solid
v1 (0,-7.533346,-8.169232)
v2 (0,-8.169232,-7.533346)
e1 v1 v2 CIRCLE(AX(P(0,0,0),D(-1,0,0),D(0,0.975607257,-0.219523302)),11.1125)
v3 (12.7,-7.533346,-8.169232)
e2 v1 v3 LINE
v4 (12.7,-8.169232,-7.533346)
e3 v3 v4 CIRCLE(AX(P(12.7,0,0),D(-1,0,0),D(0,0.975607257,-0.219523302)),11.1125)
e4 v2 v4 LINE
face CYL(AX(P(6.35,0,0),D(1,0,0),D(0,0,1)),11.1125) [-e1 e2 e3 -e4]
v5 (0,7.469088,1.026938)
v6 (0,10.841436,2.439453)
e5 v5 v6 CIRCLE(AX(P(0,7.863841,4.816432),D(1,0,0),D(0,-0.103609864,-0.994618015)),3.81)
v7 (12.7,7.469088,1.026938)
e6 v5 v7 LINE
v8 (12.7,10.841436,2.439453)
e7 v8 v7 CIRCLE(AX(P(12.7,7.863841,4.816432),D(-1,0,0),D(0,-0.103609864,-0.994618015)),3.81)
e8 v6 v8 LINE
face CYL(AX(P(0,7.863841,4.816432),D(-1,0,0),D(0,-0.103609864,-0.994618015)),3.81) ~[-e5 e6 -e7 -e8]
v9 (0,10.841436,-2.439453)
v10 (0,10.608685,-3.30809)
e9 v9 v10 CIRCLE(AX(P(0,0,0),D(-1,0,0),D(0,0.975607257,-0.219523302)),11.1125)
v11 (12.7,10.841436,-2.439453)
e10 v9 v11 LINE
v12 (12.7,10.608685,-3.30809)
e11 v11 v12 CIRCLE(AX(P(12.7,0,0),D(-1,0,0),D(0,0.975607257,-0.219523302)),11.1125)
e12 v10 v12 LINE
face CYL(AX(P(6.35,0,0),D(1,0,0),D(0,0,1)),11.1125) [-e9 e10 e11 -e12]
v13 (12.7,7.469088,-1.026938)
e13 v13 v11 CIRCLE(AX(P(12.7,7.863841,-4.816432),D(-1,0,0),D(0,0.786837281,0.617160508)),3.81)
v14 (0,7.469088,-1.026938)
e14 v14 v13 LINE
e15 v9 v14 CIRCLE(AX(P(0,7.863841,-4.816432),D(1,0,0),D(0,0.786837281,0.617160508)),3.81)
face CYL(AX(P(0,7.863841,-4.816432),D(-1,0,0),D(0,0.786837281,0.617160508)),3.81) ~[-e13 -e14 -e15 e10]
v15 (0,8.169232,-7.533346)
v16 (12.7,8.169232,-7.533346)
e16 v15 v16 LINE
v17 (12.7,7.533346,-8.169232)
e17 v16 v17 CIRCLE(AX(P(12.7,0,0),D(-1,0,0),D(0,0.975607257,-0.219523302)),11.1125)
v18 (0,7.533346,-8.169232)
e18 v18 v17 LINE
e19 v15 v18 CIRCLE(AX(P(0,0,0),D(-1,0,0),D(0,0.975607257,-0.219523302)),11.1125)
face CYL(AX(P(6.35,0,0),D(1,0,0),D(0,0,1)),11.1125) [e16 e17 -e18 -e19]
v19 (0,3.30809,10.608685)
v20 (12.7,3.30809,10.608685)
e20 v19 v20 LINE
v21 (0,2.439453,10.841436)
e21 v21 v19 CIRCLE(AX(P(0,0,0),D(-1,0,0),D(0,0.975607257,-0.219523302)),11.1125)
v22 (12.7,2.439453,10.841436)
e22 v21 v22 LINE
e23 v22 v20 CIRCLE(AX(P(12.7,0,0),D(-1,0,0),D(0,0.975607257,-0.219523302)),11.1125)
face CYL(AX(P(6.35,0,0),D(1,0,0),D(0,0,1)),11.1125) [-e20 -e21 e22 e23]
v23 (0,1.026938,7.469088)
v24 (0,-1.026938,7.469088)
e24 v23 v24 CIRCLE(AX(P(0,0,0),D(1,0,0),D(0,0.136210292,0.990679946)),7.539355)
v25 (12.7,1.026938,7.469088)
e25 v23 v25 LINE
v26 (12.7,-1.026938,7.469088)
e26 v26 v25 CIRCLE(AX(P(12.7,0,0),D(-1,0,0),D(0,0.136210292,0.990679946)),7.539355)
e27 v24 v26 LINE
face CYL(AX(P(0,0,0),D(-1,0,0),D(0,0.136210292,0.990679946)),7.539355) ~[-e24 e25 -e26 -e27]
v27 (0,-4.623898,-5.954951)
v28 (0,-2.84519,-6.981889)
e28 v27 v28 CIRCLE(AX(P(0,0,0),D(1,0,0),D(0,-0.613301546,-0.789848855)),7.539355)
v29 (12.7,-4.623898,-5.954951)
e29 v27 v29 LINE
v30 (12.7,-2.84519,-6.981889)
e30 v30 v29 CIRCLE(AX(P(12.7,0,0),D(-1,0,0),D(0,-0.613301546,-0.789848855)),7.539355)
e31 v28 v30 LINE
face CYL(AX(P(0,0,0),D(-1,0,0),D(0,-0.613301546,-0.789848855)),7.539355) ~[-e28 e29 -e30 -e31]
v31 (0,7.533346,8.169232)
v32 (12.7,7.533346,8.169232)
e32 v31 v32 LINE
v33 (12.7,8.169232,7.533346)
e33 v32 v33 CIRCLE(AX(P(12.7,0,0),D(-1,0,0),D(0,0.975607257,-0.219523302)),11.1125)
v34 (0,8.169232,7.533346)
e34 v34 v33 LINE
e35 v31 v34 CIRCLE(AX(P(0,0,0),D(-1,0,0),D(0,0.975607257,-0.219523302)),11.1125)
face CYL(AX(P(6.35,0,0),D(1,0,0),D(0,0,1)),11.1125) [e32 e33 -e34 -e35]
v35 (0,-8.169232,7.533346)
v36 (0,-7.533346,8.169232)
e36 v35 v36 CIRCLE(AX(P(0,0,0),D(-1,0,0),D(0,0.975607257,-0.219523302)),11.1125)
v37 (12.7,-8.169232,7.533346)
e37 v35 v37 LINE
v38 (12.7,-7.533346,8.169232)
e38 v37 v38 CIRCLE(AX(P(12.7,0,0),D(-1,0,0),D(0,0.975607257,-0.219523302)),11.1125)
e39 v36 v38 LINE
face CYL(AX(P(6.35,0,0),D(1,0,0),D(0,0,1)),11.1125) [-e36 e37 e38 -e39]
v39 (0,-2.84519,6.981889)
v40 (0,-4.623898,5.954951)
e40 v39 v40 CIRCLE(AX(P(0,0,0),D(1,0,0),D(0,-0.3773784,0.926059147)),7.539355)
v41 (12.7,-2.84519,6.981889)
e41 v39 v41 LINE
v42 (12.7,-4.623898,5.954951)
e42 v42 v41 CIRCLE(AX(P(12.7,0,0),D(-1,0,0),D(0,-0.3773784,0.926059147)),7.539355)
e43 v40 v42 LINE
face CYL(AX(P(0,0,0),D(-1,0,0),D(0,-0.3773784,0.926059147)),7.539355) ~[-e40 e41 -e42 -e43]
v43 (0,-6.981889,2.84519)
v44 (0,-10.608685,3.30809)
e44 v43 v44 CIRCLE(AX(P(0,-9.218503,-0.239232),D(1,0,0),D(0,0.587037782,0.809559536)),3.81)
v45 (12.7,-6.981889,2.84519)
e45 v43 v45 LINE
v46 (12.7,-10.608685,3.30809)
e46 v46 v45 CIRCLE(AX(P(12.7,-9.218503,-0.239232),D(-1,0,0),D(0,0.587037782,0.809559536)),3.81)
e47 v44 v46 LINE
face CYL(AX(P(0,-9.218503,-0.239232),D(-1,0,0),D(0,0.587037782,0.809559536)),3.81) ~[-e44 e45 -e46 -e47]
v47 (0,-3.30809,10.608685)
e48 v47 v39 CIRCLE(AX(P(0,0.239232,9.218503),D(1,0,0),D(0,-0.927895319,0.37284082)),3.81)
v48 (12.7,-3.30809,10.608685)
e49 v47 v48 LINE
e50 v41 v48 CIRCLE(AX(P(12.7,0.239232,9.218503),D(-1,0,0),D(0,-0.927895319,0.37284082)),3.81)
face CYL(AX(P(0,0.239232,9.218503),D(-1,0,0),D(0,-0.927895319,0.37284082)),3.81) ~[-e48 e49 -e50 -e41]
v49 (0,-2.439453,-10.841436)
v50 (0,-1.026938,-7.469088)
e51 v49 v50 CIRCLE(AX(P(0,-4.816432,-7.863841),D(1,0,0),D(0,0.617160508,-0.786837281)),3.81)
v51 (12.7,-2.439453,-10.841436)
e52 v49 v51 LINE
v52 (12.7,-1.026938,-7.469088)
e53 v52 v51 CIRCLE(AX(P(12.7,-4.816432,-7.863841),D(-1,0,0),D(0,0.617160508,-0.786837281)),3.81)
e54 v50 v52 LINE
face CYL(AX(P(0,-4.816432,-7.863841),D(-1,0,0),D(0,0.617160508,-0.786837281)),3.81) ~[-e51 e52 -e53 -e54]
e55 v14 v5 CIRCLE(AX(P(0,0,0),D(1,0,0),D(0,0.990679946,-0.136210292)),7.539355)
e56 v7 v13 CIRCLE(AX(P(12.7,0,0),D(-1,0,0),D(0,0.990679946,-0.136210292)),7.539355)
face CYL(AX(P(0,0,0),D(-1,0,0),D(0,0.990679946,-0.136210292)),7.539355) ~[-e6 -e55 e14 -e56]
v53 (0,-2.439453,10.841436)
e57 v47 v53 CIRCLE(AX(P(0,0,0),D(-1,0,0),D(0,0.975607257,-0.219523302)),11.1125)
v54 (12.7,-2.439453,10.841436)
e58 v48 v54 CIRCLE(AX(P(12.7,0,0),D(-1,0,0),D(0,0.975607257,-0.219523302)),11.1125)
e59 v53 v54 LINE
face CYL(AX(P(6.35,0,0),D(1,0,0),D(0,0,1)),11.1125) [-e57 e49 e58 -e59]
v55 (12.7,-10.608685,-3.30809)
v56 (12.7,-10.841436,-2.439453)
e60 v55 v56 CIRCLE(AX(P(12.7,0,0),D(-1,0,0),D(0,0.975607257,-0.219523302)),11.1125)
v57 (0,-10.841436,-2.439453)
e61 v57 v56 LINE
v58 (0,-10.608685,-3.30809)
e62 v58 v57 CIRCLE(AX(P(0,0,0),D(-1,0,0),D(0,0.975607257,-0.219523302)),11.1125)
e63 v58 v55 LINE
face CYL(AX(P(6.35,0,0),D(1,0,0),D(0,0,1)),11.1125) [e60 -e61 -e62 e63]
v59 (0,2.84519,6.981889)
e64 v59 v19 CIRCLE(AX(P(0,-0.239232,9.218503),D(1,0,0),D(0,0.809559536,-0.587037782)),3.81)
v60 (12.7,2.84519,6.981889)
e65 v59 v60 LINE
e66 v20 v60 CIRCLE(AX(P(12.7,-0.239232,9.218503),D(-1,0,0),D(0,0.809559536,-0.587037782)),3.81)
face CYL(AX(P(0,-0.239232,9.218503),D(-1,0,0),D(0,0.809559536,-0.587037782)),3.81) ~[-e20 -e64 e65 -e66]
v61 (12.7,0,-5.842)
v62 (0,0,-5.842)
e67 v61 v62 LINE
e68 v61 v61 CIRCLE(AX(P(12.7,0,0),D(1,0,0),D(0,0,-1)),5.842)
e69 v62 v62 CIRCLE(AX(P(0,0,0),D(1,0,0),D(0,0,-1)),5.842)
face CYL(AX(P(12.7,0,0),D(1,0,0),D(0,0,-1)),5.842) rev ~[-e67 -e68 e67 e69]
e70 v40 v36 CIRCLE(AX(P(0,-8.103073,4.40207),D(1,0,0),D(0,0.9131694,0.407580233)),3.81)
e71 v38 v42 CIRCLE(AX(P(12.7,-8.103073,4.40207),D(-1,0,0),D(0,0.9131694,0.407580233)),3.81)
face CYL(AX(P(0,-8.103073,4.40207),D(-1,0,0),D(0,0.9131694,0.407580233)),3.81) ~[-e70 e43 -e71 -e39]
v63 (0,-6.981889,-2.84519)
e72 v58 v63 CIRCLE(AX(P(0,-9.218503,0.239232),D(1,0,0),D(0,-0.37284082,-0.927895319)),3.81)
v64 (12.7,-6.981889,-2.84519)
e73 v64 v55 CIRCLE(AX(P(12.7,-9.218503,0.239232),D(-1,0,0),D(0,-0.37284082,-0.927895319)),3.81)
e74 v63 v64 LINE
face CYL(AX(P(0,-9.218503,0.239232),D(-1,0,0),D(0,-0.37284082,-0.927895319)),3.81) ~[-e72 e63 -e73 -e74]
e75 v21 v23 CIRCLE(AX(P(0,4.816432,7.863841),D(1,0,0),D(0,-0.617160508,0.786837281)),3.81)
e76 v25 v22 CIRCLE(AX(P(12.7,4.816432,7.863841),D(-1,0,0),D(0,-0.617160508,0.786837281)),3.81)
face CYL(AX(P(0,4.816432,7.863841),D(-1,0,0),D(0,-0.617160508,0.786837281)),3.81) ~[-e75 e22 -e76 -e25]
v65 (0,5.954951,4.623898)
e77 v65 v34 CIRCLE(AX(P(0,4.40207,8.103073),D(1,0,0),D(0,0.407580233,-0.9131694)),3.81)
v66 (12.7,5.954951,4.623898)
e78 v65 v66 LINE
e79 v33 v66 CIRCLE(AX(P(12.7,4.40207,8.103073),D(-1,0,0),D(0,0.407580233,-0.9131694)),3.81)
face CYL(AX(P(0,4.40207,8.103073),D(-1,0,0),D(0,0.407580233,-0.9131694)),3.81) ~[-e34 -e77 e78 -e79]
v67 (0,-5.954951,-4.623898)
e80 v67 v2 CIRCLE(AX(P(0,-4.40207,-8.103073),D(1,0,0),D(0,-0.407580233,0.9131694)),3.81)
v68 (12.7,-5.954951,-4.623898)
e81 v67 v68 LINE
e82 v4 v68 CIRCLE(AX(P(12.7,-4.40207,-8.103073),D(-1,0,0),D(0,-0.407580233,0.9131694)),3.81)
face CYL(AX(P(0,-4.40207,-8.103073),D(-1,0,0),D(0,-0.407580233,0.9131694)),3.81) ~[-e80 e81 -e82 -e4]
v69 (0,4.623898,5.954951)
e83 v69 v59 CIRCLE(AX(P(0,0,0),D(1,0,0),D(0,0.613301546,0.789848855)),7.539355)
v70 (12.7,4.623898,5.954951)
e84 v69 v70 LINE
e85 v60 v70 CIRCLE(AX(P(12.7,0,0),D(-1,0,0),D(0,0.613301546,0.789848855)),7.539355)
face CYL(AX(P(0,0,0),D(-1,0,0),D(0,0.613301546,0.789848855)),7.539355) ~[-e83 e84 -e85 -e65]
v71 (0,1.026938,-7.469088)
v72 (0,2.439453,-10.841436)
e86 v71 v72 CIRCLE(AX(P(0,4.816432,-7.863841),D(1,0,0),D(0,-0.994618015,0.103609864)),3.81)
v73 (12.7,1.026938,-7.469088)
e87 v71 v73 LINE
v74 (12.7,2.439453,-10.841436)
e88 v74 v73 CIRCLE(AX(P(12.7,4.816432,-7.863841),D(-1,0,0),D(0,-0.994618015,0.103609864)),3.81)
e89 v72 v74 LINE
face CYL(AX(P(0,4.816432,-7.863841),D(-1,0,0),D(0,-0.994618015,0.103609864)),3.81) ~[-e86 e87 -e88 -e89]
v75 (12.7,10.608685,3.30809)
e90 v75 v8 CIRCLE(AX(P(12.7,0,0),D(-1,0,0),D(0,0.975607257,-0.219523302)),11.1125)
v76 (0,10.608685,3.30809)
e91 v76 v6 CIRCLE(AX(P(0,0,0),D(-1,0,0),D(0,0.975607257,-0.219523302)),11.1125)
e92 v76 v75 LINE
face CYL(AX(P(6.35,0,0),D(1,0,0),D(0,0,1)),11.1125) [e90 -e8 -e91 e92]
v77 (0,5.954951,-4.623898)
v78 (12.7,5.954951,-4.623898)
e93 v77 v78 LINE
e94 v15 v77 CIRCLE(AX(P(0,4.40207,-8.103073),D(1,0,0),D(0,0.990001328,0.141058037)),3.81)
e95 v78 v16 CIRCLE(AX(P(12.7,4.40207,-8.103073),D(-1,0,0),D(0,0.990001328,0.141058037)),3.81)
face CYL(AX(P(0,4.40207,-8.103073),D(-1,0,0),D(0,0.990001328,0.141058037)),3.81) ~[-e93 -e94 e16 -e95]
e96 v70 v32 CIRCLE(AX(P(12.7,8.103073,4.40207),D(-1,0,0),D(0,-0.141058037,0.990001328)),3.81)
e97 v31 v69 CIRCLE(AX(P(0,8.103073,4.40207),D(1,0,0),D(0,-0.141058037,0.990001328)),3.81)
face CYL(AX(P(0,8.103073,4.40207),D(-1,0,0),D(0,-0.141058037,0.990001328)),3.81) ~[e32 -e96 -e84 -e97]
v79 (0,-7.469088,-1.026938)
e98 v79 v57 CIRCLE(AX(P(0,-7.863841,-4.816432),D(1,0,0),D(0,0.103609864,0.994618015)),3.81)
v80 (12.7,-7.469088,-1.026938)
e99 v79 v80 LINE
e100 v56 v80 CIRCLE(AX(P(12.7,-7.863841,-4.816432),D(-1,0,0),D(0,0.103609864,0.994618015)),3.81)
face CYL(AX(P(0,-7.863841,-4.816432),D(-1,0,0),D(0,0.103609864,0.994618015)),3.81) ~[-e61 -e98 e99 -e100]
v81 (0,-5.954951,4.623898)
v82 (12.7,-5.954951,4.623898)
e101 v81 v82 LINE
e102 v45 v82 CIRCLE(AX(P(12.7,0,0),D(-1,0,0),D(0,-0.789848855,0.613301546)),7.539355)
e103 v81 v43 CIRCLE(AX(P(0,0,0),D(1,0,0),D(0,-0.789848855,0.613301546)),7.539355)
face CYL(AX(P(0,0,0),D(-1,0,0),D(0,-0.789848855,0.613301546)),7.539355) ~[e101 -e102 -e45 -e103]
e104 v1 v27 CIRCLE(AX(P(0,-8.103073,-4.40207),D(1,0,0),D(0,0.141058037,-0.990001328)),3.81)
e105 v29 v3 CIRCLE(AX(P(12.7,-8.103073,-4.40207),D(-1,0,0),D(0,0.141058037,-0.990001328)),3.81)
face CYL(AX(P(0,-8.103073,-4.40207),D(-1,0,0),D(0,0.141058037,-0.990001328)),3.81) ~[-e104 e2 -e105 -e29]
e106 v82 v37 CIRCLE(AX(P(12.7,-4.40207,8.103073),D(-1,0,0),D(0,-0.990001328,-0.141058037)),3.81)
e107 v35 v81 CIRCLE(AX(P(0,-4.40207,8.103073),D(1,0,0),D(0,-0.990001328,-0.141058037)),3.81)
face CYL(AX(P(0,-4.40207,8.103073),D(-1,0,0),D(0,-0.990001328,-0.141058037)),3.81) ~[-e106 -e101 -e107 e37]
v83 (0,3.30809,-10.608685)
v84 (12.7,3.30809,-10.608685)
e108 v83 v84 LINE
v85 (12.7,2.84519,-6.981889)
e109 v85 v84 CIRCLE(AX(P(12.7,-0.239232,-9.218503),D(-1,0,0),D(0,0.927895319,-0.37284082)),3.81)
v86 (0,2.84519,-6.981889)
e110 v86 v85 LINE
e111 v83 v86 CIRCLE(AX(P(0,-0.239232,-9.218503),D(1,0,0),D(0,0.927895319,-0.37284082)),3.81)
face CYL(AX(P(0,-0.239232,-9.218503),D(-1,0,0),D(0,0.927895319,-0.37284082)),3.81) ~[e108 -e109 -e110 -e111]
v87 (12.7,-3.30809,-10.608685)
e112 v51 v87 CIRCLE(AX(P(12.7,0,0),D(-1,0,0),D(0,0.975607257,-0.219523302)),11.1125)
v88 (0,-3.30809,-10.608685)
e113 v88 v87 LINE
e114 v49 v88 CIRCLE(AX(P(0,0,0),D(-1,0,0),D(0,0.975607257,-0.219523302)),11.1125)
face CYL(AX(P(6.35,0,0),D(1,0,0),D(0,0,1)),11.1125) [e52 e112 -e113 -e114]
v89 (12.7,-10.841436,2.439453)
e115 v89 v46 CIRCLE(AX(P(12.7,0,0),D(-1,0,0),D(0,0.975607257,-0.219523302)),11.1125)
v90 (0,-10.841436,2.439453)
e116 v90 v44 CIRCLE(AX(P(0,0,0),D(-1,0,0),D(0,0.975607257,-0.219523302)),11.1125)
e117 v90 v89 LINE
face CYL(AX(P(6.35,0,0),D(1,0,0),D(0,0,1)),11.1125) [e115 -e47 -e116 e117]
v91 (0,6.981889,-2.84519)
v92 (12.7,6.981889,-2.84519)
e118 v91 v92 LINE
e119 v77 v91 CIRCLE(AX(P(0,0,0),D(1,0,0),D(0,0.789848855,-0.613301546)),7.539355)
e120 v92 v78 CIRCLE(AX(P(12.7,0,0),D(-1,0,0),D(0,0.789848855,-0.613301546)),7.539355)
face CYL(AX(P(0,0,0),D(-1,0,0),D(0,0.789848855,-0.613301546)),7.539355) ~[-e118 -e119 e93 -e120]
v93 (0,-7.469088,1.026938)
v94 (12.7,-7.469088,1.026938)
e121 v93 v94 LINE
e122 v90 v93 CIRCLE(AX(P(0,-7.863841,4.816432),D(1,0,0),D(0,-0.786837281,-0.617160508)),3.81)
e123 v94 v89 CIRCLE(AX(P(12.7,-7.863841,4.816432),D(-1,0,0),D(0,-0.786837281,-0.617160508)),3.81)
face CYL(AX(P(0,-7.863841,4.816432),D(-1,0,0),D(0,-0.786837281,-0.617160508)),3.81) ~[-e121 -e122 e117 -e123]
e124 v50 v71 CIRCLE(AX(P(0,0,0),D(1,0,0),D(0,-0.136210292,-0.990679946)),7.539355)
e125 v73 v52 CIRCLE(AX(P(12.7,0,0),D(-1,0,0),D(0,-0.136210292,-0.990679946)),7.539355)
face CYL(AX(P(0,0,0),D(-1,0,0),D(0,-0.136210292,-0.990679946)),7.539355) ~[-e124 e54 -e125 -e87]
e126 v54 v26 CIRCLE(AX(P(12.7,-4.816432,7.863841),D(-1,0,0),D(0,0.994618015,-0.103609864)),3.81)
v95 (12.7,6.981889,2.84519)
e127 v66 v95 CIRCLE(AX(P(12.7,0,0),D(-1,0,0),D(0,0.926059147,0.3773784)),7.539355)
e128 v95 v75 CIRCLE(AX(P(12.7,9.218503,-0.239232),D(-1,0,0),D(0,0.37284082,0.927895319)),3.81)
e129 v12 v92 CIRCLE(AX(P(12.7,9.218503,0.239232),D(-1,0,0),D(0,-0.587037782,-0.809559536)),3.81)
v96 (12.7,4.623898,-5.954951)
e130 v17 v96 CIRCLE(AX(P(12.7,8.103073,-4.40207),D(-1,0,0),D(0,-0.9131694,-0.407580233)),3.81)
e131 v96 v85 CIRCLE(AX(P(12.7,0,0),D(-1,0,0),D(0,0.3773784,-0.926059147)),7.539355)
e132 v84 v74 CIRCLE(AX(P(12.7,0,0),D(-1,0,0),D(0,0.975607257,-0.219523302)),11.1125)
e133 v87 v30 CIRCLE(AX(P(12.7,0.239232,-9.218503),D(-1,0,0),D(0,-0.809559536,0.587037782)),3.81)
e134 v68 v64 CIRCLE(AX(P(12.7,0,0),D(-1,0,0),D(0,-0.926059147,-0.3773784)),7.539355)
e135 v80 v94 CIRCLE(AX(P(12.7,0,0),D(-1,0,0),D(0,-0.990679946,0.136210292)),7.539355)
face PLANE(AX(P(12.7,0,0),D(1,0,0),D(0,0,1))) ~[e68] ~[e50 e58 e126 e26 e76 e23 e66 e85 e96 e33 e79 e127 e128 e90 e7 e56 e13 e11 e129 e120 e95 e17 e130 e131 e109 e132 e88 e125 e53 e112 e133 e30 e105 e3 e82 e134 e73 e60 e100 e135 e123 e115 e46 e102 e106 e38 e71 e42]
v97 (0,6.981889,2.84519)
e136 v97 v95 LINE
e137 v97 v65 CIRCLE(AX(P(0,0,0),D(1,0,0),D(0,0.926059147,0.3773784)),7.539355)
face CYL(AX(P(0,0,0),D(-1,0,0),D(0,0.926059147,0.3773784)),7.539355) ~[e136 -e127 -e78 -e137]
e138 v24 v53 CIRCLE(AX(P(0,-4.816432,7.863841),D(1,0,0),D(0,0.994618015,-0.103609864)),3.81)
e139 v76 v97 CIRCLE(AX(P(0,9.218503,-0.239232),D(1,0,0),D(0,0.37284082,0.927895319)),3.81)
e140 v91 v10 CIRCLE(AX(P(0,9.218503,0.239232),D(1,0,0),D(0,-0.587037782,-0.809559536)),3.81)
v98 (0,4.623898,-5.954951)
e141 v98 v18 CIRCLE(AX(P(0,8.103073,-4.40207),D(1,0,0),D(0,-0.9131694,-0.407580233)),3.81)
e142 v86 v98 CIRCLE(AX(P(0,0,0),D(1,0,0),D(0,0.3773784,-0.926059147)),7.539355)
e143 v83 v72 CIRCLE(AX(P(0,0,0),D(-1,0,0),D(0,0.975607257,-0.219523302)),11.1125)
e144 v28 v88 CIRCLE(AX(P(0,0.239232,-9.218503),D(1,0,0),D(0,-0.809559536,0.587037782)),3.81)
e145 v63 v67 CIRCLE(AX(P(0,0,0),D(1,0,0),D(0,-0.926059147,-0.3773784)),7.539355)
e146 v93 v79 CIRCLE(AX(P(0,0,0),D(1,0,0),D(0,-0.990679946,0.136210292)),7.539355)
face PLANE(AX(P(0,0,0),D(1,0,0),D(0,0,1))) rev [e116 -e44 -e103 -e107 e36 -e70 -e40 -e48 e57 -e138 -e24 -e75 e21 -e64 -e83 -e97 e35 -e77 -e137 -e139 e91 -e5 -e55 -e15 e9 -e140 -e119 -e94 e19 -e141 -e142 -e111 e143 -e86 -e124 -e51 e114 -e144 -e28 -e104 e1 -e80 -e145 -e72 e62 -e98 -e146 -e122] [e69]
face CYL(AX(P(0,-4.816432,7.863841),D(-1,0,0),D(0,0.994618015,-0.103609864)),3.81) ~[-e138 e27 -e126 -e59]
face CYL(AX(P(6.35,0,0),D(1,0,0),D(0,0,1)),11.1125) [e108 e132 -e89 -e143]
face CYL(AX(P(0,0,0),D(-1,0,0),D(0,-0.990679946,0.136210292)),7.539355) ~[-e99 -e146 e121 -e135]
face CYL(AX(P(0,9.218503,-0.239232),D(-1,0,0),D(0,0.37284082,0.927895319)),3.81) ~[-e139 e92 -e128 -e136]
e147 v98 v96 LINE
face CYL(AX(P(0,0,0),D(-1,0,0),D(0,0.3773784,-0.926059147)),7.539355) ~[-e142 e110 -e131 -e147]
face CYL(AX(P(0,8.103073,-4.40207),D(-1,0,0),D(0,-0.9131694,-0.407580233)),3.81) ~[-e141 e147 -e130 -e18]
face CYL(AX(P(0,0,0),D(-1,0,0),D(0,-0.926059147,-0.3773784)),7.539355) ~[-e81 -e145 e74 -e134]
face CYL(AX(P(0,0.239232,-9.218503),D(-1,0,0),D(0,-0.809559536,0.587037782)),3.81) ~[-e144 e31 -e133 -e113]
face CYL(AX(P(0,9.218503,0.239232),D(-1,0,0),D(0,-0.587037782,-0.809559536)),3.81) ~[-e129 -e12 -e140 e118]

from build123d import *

# Parameters (mm, degrees)
BASPROSKE_W        = 12.7
BASPROSKE_H        = 11.1125
TOOTHCUT_DEPTH     = 21.205576272
TEETHCUTS_COUNT    = 12
TEETHCUTS_ANGLE    = 330
BORSKE_R           = 3.175
BORE_DEPTH         = 50.8000508
SKETCH2_R          = 5.842
CUT_EXTRUDE1_DEPTH = 20.908878764


with BuildPart() as part:
    # BasProSke → Base-Revolve (revolve)
    with BuildSketch(Plane(origin=(0, 0, 0), x_dir=(1, 0, 0), z_dir=(0, 1, 0)), mode=Mode.PRIVATE) as base_revolve_sk:
        with Locations((6.35, 5.55625)):
            Rectangle(BASPROSKE_W, BASPROSKE_H)
    revolve(base_revolve_sk.sketch.rotate(Axis((-10, 0, 0), (1, 0, 0)), 180), axis=Axis((-10, 0, 0), (1, 0, 0)))

    # TooCutSke → ToothCut (cut, through all)
    with BuildSketch(Plane(origin=(0, 0, 0), x_dir=(0, 0, -1), z_dir=(1, 0, 0))):
        with BuildLine():
            ThreePointArc((1.026937745, 7.469087808), (0, 7.539355), (-1.026937745, 7.469087808))
            ThreePointArc((-1.026937745, 7.469087808), (-1.30857978, 9.35080814), (-2.465050847, 10.861691431))
            ThreePointArc((-2.465050847, 10.861691431), (0, 11.1379), (2.465050847, 10.861691431))
            ThreePointArc((2.465050847, 10.861691431), (1.30857978, 9.35080814), (1.026937745, 7.469087808))
        make_face()
    toothcut = extrude(amount=TOOTHCUT_DEPTH, mode=Mode.SUBTRACT)

    # TeethCuts: ToothCut ×12 about axis
    teethcuts_axis = Axis((-10, 0, 0), (1, 0, 0))
    for i in range(1, TEETHCUTS_COUNT):
        add(toothcut.rotate(teethcuts_axis, i * TEETHCUTS_ANGLE / (TEETHCUTS_COUNT - 1)), mode=Mode.SUBTRACT)

    # BorSke → Bore (cut, symmetric)
    with BuildSketch(Plane(origin=(0, 0, 0), x_dir=(0, 0, -1), z_dir=(1, 0, 0))):
        with Locations(Location((0, 0, 0), (0, 0, 180))):
            Circle(BORSKE_R)
    extrude(amount=BORE_DEPTH, both=True, mode=Mode.SUBTRACT)

    # Sketch2 → Cut-Extrude1 (cut, through all)
    with BuildSketch(Plane(origin=(12.7, 0, 0), x_dir=(0, 0, -1), z_dir=(1, 0, 0))):
        Circle(SKETCH2_R)
    extrude(amount=-CUT_EXTRUDE1_DEPTH, mode=Mode.SUBTRACT)


solid = part.part
